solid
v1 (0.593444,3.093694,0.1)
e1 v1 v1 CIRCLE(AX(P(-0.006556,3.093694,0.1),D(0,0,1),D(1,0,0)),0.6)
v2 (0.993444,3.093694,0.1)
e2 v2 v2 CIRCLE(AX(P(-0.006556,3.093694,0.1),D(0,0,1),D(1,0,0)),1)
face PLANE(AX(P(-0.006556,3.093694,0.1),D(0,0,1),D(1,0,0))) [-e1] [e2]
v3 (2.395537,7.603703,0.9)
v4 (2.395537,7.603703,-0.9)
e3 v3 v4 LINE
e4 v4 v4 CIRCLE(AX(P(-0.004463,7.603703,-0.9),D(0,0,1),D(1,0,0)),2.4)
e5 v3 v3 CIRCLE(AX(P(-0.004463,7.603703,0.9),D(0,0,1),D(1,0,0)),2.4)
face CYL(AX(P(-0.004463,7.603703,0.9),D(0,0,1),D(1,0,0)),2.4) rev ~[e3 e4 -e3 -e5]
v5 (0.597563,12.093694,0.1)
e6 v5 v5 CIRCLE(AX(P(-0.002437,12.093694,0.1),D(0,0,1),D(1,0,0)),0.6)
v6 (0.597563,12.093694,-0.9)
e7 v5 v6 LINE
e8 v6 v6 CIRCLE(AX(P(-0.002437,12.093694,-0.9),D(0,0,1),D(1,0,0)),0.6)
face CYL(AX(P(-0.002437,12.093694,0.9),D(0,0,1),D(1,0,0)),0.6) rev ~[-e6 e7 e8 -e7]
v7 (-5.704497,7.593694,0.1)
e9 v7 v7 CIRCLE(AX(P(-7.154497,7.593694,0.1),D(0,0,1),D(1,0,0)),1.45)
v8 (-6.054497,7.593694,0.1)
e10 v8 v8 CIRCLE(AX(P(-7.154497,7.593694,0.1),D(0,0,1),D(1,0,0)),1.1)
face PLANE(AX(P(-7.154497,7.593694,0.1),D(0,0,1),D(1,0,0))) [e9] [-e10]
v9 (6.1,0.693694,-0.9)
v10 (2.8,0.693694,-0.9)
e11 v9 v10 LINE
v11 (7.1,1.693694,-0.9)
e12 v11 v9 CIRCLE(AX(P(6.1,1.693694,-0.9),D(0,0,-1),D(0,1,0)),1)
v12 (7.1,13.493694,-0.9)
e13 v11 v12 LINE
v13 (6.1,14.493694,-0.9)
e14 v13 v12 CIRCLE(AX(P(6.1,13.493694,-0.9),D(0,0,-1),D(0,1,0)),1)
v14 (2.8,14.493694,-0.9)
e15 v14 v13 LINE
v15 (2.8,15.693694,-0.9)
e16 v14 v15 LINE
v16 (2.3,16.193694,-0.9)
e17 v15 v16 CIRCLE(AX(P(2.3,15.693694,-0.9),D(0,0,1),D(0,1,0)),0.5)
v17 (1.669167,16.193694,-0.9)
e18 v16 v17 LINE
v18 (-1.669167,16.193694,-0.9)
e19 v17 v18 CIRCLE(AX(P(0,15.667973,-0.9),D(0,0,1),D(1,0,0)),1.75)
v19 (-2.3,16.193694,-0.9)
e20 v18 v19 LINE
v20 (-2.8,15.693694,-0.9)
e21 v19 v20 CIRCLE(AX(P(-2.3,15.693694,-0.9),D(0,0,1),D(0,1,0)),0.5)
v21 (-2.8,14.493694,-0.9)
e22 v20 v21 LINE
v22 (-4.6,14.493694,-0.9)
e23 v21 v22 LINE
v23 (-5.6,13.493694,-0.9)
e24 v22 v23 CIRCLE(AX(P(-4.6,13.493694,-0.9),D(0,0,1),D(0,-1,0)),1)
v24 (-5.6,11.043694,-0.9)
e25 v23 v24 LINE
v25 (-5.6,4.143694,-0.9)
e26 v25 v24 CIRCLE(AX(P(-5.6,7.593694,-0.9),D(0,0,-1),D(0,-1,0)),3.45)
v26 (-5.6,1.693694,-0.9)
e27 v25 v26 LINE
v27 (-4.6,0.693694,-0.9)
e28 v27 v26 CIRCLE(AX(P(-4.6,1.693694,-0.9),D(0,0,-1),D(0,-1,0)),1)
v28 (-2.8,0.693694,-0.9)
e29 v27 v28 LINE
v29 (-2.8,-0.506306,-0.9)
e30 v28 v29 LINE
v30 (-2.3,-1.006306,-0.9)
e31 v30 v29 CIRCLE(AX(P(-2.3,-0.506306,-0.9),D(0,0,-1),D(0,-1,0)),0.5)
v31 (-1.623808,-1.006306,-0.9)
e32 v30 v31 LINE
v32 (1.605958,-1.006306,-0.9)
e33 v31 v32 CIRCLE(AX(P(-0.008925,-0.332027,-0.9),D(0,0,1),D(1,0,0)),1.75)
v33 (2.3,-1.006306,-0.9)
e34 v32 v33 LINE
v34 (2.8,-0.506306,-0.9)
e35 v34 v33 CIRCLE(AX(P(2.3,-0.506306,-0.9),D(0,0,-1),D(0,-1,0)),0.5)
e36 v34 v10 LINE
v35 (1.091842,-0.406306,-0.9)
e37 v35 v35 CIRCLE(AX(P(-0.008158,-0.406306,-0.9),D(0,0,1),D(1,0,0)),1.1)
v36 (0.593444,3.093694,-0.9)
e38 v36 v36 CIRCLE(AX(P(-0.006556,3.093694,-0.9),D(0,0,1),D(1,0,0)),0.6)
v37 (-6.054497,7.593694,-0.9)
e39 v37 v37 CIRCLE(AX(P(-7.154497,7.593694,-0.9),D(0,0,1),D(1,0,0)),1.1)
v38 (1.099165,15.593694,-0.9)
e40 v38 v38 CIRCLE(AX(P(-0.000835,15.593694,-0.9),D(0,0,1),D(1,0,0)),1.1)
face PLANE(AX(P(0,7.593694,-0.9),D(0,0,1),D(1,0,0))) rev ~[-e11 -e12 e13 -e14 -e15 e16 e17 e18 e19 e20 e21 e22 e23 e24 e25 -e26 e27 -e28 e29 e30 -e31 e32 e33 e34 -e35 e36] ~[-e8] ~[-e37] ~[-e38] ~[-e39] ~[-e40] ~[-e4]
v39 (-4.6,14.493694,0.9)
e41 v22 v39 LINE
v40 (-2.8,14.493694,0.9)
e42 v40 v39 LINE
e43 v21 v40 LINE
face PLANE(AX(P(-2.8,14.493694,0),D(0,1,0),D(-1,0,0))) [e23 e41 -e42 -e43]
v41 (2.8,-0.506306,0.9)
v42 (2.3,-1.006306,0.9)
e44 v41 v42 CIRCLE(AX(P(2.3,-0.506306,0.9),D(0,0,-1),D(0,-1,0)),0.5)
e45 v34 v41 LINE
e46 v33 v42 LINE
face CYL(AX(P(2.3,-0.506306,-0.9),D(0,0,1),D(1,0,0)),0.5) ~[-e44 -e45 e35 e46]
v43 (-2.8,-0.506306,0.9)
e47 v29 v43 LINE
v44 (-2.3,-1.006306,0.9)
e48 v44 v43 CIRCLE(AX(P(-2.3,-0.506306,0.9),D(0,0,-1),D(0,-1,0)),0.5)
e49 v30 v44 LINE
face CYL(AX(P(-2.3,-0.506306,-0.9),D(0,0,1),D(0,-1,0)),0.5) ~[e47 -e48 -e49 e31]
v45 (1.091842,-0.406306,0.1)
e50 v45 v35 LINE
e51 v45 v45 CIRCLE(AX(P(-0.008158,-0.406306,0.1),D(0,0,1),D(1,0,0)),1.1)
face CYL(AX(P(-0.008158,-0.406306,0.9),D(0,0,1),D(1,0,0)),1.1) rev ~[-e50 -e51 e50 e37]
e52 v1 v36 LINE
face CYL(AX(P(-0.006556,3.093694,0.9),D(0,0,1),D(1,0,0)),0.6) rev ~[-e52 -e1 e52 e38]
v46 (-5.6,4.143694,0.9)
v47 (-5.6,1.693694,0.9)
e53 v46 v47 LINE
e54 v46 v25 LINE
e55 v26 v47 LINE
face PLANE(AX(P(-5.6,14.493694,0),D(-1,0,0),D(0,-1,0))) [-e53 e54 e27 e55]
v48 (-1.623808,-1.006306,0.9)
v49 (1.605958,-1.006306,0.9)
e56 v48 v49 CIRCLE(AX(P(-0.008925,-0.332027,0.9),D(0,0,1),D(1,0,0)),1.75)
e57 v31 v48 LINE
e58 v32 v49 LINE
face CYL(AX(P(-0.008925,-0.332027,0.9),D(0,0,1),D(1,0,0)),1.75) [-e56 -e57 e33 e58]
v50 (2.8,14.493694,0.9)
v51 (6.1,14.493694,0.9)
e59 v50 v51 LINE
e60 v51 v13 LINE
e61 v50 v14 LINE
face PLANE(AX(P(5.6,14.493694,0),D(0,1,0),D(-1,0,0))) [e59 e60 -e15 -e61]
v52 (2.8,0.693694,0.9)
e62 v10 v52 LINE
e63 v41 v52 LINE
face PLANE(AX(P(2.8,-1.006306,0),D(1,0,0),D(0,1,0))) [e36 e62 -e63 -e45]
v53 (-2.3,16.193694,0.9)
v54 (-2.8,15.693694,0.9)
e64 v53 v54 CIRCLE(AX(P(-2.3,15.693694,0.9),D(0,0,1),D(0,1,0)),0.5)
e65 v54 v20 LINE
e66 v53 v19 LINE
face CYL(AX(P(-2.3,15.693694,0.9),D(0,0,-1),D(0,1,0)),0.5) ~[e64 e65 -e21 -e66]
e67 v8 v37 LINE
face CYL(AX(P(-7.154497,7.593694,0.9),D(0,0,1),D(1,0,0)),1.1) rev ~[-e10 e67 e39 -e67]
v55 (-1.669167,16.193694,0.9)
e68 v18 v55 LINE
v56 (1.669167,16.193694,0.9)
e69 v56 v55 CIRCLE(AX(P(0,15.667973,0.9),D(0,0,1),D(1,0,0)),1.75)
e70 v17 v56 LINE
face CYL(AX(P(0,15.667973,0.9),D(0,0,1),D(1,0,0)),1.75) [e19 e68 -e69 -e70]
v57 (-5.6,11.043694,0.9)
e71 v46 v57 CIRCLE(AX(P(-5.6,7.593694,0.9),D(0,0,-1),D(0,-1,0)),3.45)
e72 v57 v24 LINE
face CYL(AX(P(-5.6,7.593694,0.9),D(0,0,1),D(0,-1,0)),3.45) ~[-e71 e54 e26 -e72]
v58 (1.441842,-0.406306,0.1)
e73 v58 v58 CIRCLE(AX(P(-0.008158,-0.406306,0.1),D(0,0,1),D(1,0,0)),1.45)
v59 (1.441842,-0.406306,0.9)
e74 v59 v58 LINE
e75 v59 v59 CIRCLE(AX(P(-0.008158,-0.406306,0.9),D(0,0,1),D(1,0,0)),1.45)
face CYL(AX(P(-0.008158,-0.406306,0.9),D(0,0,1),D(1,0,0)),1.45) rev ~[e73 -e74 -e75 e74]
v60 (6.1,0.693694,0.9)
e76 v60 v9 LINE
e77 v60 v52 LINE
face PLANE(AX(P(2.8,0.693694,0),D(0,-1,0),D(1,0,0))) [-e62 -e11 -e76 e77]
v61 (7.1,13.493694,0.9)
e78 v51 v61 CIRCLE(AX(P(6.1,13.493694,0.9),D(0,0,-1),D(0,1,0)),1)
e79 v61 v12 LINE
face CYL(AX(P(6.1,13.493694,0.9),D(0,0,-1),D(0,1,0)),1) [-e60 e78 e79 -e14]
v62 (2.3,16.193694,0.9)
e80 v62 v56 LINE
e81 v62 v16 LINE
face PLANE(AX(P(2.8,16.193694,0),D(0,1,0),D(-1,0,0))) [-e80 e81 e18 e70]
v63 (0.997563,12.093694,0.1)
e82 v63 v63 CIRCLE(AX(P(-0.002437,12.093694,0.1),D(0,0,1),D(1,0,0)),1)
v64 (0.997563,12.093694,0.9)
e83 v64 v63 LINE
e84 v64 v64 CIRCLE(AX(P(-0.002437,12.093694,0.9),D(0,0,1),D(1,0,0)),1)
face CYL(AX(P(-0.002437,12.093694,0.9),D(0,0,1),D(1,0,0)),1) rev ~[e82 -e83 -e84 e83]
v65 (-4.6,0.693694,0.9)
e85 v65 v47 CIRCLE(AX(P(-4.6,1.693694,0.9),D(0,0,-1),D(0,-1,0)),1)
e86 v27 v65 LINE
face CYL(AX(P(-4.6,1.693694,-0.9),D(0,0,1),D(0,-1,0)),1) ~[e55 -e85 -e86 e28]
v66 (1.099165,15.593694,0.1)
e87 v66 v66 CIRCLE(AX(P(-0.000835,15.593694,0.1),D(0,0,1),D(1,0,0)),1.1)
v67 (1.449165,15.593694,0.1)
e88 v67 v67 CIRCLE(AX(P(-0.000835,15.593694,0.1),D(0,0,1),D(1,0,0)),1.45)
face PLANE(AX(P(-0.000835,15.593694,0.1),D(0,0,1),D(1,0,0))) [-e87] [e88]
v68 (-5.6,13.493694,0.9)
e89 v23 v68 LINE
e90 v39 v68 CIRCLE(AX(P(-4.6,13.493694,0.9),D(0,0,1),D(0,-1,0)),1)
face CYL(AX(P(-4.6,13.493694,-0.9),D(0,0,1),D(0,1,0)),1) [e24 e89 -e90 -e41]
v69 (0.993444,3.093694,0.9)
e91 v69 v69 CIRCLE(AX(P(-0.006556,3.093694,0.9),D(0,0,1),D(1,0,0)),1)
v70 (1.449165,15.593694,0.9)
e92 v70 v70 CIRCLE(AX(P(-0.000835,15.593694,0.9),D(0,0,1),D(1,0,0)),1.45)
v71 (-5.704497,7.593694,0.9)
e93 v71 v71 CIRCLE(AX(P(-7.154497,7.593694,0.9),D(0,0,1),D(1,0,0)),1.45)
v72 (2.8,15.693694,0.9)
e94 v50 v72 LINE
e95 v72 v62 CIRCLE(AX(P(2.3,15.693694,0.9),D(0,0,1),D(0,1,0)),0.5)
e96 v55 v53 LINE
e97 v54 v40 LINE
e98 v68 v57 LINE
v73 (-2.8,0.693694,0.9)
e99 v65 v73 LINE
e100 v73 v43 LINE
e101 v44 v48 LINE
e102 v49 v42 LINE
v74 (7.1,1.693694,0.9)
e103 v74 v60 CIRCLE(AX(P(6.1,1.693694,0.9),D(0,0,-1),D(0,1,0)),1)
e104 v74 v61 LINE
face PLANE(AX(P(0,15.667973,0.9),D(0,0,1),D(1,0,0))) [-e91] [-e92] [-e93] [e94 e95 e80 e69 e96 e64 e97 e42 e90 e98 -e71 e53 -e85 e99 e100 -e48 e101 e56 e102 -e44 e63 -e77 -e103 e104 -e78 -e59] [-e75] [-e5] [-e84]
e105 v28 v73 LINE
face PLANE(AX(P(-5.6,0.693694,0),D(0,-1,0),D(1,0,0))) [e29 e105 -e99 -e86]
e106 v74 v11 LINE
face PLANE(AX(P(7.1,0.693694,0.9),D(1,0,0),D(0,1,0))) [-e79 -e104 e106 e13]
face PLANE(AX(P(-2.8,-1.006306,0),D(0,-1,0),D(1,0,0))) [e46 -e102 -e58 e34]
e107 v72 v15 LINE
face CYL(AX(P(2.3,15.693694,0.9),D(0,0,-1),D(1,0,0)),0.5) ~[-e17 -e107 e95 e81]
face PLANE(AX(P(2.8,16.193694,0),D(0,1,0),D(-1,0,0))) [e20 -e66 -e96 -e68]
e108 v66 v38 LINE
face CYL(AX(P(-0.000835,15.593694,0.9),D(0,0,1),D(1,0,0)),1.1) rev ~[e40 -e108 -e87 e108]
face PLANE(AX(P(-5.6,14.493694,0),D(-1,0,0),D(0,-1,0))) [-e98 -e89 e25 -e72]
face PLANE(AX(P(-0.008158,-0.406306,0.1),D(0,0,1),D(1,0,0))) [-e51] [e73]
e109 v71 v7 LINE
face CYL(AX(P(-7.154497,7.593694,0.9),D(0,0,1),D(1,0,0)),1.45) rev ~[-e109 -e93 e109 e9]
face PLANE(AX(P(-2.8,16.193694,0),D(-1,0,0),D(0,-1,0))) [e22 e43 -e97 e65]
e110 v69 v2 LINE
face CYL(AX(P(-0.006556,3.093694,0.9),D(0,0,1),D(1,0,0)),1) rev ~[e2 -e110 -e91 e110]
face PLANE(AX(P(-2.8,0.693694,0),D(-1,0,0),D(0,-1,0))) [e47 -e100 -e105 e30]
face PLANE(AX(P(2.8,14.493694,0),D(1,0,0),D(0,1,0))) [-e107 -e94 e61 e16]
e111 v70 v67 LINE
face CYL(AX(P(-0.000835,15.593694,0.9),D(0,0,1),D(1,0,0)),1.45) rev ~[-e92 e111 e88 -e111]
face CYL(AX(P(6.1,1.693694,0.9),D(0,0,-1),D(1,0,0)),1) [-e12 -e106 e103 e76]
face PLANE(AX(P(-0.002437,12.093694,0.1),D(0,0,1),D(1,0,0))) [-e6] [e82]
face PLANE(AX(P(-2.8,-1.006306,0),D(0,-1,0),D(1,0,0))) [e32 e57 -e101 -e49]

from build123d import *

# Parameters (mm, degrees)
BODY_DEPTH                      = 0.9
SIDE_EXTENDER_2_R               = 1.75
SIDE_EXTENDER_DEPTH             = 1.8
CENTER_EXTERN_W                 = 3
CENTER_EXTERN_H                 = 13.8
EXTENDER_CENTER_DEPTH           = 1.8
HOLES_R                         = 1.1
HOLES_R_2                       = 0.6
SCREW_HOLES_DEPTH               = 1.8
SHAFT_HOLE_R                    = 2.4
MOTOR_SHAFT_DEPTH               = 1.8
SKIZZE6_R                       = 1
SKIZZE6_R_2                     = 1.45
SCHNITT_LINEAR_AUSTRAGEN5_DEPTH = 0.8
VERRUNDUNG1_R                   = 1
VERRUNDUNG2_R                   = 0.5


with BuildPart() as part:
    # body 2 → body (new body, symmetric)
    with BuildSketch(Plane.XY):
        Polygon((0, 16.193693694), (-2.8, 16.193693694), (-2.8, 14.493693694), (-5.6, 14.493693694), (-5.6, 0.693693694), (-2.8, 0.693693694), (-2.8, -1.006306306), (0, -1.006306306), (2.8, -1.006306306), (2.8, 0.693693694), (5.6, 0.693693694), (5.6, 14.493693694), (2.8, 14.493693694), (2.8, 16.193693694), align=None)
    extrude(amount=BODY_DEPTH, both=True)

    # side_extender 2 → side-extender (add)
    with BuildSketch(Plane.XY.offset(0.9)):
        with Locations((0, 15.667972906)):
            Circle(SIDE_EXTENDER_2_R)
        with Locations((-0.0089251, -0.332027094)):
            Circle(SIDE_EXTENDER_2_R)
    extrude(amount=-SIDE_EXTENDER_DEPTH)

    # center-extern → Extender-center (add)
    with BuildSketch(Plane.XY.offset(0.9)):
        with BuildLine():
            Line((-5.6, 11.043693694), (-5.6, 4.143693694))
            ThreePointArc((-5.6, 4.143693694), (-9.05, 7.593693694), (-5.6, 11.043693694))
        make_face()
        with Locations((5.6, 7.593693694)):
            Rectangle(CENTER_EXTERN_W, CENTER_EXTERN_H)
    extrude(amount=-EXTENDER_CENTER_DEPTH)

    # holes → screw-holes (cut)
    with BuildSketch(Plane.XY.offset(0.9)):
        with Locations((-7.154497296, 7.593693694)):
            Circle(HOLES_R)
        with Locations((-0.000834968, 15.593693694)):
            Circle(HOLES_R)
        with Locations((-0.008158127, -0.406306306)):
            Circle(HOLES_R)
        with Locations((-0.002436909, 12.093693694)):
            Circle(HOLES_R_2)
        with Locations((-0.006556186, 3.093693694)):
            Circle(HOLES_R_2)
    extrude(amount=-SCREW_HOLES_DEPTH, mode=Mode.SUBTRACT)

    # shaft hole → motor shaft (cut)
    with BuildSketch(Plane.XY.offset(0.9)):
        with Locations((-0.00446255, 7.603703107)):
            Circle(SHAFT_HOLE_R)
    extrude(amount=-MOTOR_SHAFT_DEPTH, mode=Mode.SUBTRACT)

    # Skizze6 → Schnitt-Linear austragen5 (cut)
    with BuildSketch(Plane.XY.offset(0.9)):
        with Locations((-0.002436909, 12.093693694)):
            Circle(SKIZZE6_R)
        with Locations((-0.006556186, 3.093693694)):
            Circle(SKIZZE6_R)
        with Locations((-0.000834968, 15.593693694)):
            Circle(SKIZZE6_R_2)
        with Locations((-0.008158127, -0.406306306)):
            Circle(SKIZZE6_R_2)
        with Locations((-7.154497296, 7.593693694)):
            Circle(SKIZZE6_R_2)
    extrude(amount=-SCHNITT_LINEAR_AUSTRAGEN5_DEPTH, mode=Mode.SUBTRACT)

    # Verrundung1
    verrundung1_edges = [part.edges().sort_by_distance(p)[0] for p in [
        (-5.6, 0.693693694, 0),
        (-5.6, 14.493693694, 0),
        (7.1, 0.693693694, 0),
        (7.1, 14.493693694, 0),
    ]]
    fillet(verrundung1_edges, radius=VERRUNDUNG1_R)

    # Verrundung2
    verrundung2_edges = [part.edges().sort_by_distance(p)[0] for p in [
        (2.8, 16.193693694, 0),
        (2.8, -1.006306306, 0),
        (-2.8, -1.006306306, 0),
        (-2.8, 16.193693694, 0),
    ]]
    fillet(verrundung2_edges, radius=VERRUNDUNG2_R)


solid = part.part
